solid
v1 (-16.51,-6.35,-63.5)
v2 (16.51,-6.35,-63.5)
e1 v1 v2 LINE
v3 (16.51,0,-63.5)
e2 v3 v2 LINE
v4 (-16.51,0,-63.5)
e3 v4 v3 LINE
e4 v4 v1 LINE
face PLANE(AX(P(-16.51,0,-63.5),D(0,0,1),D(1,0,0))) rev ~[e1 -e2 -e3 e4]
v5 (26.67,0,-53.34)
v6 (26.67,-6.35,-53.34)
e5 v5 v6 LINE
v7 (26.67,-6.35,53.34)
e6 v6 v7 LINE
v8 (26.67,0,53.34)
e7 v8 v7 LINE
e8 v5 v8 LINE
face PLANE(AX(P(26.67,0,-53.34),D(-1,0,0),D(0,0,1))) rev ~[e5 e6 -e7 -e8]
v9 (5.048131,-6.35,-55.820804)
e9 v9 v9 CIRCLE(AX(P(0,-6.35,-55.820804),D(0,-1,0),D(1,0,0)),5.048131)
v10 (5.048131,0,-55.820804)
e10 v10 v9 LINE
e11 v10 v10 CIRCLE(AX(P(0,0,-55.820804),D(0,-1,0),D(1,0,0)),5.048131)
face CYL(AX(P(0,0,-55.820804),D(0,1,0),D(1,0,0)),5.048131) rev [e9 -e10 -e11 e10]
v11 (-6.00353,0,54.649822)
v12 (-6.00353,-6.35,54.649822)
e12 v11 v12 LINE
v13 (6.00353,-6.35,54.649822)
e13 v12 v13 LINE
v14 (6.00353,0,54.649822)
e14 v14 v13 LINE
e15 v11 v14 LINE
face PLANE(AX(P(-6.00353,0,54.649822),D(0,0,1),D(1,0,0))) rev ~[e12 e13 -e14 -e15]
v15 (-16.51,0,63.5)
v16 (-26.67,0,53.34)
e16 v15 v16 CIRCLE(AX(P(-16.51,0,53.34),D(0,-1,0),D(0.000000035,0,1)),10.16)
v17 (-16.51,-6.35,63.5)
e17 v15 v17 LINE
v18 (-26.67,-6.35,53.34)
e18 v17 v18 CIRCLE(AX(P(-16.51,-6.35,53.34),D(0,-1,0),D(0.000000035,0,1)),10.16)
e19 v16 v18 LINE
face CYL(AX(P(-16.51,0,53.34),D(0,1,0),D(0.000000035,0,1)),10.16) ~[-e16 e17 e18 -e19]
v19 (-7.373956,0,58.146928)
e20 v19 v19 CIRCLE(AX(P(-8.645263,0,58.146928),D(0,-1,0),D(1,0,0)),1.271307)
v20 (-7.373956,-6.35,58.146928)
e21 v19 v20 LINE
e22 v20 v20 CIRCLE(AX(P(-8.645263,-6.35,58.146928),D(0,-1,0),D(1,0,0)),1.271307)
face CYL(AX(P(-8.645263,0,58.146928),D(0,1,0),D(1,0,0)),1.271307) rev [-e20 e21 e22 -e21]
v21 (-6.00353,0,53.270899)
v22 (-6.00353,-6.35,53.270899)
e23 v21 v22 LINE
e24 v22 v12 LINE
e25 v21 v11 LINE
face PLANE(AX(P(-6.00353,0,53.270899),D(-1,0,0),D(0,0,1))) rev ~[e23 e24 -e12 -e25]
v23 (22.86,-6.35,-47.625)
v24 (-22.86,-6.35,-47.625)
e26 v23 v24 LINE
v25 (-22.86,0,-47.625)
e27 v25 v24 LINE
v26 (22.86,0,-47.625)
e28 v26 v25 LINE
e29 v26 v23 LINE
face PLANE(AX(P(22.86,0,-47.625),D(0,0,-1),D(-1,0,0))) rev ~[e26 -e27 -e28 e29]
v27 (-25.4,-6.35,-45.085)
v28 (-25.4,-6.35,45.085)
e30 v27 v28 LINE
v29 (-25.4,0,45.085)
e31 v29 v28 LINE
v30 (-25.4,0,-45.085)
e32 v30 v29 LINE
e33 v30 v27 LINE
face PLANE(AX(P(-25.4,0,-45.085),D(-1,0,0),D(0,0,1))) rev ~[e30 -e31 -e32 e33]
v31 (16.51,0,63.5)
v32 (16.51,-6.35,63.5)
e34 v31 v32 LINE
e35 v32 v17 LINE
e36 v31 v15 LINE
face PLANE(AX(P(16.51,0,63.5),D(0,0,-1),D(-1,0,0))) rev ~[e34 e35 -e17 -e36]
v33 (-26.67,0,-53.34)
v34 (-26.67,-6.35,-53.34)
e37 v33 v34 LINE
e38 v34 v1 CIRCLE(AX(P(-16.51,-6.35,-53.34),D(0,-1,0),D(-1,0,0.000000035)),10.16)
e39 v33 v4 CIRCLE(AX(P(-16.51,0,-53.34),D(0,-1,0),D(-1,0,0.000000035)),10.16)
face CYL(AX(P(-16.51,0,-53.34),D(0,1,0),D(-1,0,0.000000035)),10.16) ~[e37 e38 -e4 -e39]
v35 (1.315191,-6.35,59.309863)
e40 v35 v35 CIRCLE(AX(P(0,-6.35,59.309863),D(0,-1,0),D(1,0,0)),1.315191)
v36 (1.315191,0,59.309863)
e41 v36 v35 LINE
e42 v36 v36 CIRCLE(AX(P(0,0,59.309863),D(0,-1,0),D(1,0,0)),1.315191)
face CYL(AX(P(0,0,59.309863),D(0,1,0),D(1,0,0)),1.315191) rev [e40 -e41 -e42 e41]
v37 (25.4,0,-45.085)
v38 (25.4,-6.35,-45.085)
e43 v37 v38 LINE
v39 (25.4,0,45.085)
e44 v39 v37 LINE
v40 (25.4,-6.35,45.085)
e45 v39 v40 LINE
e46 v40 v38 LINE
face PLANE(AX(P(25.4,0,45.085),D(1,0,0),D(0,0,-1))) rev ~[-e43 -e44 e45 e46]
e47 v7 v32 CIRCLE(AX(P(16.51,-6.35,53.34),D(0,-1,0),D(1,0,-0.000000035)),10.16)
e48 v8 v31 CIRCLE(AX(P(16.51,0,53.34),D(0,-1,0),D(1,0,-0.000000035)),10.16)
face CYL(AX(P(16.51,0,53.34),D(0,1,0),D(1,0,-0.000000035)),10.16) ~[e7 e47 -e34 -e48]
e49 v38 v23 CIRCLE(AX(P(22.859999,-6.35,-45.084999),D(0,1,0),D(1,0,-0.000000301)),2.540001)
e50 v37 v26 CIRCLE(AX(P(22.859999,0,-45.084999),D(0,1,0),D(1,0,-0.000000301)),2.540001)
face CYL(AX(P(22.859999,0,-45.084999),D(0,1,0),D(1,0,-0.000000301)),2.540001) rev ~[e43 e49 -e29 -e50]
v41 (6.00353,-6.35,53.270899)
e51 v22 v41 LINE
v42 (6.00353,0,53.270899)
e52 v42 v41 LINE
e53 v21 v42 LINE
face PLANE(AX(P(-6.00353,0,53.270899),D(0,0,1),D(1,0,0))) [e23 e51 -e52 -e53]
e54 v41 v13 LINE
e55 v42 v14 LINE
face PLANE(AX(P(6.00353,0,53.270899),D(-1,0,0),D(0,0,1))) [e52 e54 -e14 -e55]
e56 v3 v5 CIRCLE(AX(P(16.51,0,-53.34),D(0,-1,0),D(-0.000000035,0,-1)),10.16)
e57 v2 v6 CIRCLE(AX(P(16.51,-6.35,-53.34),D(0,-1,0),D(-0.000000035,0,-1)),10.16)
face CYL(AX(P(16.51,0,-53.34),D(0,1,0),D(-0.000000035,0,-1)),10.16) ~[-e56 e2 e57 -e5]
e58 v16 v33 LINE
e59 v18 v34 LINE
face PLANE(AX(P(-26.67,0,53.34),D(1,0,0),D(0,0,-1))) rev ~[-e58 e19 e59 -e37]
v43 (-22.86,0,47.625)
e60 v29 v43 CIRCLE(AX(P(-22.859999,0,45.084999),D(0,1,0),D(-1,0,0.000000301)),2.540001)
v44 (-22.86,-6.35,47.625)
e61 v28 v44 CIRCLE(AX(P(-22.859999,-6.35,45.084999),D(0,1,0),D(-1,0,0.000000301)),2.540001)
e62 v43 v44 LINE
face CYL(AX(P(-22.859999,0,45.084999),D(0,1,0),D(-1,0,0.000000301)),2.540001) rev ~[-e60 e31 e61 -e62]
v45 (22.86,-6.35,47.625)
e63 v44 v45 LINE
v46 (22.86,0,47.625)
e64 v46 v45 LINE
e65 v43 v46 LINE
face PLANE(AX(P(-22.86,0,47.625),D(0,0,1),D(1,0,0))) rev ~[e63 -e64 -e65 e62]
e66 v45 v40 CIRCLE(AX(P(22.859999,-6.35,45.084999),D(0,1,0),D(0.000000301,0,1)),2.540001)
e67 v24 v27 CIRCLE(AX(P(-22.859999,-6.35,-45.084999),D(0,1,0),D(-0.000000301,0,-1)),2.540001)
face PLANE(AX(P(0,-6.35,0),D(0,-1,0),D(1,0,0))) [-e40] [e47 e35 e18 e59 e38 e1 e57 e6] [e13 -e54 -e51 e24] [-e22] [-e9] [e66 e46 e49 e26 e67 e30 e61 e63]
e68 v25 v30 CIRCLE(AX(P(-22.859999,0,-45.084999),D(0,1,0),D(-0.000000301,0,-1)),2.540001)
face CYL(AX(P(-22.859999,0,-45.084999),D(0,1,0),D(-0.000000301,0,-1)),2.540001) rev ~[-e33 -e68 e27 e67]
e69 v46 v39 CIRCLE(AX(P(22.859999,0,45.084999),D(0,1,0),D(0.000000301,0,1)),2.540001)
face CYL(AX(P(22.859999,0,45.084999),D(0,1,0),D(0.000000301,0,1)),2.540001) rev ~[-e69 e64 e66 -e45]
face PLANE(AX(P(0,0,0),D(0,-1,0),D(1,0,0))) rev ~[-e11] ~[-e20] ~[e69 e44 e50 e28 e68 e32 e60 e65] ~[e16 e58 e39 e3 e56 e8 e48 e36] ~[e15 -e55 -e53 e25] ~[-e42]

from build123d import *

# Parameters (mm, degrees)
F0_R     = 5.048131
F0_R_2   = 1.271307
F0_W     = 12.00706
F0_H     = 1.378923
F0_R_3   = 1.315191
F1_DEPTH = 6.35


with BuildPart() as f1:
    # F0 (on Front) → F1 (new body)
    with BuildSketch(Plane.XZ):
        with BuildLine():
            ThreePointArc((-26.67, -53.34), (-23.694205, -60.524205), (-16.51, -63.5))
            Line((-16.51, -63.5), (16.51, -63.5))
            ThreePointArc((16.51, -63.5), (23.694205, -60.524205), (26.67, -53.34))
            Line((26.67, -53.34), (26.67, 53.34))
            ThreePointArc((26.67, 53.34), (23.694205, 60.524205), (16.51, 63.5))
            Line((16.51, 63.5), (-16.51, 63.5))
            ThreePointArc((-16.51, 63.5), (-23.694205, 60.524205), (-26.67, 53.34))
            Line((-26.67, 53.34), (-26.67, -53.34))
        make_face()
        with Locations((0, -55.820804)):
            Circle(F0_R, mode=Mode.SUBTRACT)
        with BuildLine():
            Line((22.86, -47.625), (-22.86, -47.625))
            ThreePointArc((-22.86, -47.625), (-24.656051, -46.881051), (-25.4, -45.085))
            Line((-25.4, -45.085), (-25.4, 45.085))
            ThreePointArc((-25.4, 45.085), (-24.656051, 46.881051), (-22.86, 47.625))
            Line((-22.86, 47.625), (22.86, 47.625))
            ThreePointArc((22.86, 47.625), (24.656051, 46.881051), (25.4, 45.085))
            Line((25.4, 45.085), (25.4, -45.085))
            ThreePointArc((25.4, -45.085), (24.656051, -46.881051), (22.86, -47.625))
        make_face(mode=Mode.SUBTRACT)
        with Locations((-8.645263, 58.146928)):
            Circle(F0_R_2, mode=Mode.SUBTRACT)
        with Locations((0, 53.960361)):
            Rectangle(F0_W, F0_H, mode=Mode.SUBTRACT)
        with Locations((0, 59.309863)):
            Circle(F0_R_3, mode=Mode.SUBTRACT)
    extrude(amount=F1_DEPTH)


solid = f1.part
